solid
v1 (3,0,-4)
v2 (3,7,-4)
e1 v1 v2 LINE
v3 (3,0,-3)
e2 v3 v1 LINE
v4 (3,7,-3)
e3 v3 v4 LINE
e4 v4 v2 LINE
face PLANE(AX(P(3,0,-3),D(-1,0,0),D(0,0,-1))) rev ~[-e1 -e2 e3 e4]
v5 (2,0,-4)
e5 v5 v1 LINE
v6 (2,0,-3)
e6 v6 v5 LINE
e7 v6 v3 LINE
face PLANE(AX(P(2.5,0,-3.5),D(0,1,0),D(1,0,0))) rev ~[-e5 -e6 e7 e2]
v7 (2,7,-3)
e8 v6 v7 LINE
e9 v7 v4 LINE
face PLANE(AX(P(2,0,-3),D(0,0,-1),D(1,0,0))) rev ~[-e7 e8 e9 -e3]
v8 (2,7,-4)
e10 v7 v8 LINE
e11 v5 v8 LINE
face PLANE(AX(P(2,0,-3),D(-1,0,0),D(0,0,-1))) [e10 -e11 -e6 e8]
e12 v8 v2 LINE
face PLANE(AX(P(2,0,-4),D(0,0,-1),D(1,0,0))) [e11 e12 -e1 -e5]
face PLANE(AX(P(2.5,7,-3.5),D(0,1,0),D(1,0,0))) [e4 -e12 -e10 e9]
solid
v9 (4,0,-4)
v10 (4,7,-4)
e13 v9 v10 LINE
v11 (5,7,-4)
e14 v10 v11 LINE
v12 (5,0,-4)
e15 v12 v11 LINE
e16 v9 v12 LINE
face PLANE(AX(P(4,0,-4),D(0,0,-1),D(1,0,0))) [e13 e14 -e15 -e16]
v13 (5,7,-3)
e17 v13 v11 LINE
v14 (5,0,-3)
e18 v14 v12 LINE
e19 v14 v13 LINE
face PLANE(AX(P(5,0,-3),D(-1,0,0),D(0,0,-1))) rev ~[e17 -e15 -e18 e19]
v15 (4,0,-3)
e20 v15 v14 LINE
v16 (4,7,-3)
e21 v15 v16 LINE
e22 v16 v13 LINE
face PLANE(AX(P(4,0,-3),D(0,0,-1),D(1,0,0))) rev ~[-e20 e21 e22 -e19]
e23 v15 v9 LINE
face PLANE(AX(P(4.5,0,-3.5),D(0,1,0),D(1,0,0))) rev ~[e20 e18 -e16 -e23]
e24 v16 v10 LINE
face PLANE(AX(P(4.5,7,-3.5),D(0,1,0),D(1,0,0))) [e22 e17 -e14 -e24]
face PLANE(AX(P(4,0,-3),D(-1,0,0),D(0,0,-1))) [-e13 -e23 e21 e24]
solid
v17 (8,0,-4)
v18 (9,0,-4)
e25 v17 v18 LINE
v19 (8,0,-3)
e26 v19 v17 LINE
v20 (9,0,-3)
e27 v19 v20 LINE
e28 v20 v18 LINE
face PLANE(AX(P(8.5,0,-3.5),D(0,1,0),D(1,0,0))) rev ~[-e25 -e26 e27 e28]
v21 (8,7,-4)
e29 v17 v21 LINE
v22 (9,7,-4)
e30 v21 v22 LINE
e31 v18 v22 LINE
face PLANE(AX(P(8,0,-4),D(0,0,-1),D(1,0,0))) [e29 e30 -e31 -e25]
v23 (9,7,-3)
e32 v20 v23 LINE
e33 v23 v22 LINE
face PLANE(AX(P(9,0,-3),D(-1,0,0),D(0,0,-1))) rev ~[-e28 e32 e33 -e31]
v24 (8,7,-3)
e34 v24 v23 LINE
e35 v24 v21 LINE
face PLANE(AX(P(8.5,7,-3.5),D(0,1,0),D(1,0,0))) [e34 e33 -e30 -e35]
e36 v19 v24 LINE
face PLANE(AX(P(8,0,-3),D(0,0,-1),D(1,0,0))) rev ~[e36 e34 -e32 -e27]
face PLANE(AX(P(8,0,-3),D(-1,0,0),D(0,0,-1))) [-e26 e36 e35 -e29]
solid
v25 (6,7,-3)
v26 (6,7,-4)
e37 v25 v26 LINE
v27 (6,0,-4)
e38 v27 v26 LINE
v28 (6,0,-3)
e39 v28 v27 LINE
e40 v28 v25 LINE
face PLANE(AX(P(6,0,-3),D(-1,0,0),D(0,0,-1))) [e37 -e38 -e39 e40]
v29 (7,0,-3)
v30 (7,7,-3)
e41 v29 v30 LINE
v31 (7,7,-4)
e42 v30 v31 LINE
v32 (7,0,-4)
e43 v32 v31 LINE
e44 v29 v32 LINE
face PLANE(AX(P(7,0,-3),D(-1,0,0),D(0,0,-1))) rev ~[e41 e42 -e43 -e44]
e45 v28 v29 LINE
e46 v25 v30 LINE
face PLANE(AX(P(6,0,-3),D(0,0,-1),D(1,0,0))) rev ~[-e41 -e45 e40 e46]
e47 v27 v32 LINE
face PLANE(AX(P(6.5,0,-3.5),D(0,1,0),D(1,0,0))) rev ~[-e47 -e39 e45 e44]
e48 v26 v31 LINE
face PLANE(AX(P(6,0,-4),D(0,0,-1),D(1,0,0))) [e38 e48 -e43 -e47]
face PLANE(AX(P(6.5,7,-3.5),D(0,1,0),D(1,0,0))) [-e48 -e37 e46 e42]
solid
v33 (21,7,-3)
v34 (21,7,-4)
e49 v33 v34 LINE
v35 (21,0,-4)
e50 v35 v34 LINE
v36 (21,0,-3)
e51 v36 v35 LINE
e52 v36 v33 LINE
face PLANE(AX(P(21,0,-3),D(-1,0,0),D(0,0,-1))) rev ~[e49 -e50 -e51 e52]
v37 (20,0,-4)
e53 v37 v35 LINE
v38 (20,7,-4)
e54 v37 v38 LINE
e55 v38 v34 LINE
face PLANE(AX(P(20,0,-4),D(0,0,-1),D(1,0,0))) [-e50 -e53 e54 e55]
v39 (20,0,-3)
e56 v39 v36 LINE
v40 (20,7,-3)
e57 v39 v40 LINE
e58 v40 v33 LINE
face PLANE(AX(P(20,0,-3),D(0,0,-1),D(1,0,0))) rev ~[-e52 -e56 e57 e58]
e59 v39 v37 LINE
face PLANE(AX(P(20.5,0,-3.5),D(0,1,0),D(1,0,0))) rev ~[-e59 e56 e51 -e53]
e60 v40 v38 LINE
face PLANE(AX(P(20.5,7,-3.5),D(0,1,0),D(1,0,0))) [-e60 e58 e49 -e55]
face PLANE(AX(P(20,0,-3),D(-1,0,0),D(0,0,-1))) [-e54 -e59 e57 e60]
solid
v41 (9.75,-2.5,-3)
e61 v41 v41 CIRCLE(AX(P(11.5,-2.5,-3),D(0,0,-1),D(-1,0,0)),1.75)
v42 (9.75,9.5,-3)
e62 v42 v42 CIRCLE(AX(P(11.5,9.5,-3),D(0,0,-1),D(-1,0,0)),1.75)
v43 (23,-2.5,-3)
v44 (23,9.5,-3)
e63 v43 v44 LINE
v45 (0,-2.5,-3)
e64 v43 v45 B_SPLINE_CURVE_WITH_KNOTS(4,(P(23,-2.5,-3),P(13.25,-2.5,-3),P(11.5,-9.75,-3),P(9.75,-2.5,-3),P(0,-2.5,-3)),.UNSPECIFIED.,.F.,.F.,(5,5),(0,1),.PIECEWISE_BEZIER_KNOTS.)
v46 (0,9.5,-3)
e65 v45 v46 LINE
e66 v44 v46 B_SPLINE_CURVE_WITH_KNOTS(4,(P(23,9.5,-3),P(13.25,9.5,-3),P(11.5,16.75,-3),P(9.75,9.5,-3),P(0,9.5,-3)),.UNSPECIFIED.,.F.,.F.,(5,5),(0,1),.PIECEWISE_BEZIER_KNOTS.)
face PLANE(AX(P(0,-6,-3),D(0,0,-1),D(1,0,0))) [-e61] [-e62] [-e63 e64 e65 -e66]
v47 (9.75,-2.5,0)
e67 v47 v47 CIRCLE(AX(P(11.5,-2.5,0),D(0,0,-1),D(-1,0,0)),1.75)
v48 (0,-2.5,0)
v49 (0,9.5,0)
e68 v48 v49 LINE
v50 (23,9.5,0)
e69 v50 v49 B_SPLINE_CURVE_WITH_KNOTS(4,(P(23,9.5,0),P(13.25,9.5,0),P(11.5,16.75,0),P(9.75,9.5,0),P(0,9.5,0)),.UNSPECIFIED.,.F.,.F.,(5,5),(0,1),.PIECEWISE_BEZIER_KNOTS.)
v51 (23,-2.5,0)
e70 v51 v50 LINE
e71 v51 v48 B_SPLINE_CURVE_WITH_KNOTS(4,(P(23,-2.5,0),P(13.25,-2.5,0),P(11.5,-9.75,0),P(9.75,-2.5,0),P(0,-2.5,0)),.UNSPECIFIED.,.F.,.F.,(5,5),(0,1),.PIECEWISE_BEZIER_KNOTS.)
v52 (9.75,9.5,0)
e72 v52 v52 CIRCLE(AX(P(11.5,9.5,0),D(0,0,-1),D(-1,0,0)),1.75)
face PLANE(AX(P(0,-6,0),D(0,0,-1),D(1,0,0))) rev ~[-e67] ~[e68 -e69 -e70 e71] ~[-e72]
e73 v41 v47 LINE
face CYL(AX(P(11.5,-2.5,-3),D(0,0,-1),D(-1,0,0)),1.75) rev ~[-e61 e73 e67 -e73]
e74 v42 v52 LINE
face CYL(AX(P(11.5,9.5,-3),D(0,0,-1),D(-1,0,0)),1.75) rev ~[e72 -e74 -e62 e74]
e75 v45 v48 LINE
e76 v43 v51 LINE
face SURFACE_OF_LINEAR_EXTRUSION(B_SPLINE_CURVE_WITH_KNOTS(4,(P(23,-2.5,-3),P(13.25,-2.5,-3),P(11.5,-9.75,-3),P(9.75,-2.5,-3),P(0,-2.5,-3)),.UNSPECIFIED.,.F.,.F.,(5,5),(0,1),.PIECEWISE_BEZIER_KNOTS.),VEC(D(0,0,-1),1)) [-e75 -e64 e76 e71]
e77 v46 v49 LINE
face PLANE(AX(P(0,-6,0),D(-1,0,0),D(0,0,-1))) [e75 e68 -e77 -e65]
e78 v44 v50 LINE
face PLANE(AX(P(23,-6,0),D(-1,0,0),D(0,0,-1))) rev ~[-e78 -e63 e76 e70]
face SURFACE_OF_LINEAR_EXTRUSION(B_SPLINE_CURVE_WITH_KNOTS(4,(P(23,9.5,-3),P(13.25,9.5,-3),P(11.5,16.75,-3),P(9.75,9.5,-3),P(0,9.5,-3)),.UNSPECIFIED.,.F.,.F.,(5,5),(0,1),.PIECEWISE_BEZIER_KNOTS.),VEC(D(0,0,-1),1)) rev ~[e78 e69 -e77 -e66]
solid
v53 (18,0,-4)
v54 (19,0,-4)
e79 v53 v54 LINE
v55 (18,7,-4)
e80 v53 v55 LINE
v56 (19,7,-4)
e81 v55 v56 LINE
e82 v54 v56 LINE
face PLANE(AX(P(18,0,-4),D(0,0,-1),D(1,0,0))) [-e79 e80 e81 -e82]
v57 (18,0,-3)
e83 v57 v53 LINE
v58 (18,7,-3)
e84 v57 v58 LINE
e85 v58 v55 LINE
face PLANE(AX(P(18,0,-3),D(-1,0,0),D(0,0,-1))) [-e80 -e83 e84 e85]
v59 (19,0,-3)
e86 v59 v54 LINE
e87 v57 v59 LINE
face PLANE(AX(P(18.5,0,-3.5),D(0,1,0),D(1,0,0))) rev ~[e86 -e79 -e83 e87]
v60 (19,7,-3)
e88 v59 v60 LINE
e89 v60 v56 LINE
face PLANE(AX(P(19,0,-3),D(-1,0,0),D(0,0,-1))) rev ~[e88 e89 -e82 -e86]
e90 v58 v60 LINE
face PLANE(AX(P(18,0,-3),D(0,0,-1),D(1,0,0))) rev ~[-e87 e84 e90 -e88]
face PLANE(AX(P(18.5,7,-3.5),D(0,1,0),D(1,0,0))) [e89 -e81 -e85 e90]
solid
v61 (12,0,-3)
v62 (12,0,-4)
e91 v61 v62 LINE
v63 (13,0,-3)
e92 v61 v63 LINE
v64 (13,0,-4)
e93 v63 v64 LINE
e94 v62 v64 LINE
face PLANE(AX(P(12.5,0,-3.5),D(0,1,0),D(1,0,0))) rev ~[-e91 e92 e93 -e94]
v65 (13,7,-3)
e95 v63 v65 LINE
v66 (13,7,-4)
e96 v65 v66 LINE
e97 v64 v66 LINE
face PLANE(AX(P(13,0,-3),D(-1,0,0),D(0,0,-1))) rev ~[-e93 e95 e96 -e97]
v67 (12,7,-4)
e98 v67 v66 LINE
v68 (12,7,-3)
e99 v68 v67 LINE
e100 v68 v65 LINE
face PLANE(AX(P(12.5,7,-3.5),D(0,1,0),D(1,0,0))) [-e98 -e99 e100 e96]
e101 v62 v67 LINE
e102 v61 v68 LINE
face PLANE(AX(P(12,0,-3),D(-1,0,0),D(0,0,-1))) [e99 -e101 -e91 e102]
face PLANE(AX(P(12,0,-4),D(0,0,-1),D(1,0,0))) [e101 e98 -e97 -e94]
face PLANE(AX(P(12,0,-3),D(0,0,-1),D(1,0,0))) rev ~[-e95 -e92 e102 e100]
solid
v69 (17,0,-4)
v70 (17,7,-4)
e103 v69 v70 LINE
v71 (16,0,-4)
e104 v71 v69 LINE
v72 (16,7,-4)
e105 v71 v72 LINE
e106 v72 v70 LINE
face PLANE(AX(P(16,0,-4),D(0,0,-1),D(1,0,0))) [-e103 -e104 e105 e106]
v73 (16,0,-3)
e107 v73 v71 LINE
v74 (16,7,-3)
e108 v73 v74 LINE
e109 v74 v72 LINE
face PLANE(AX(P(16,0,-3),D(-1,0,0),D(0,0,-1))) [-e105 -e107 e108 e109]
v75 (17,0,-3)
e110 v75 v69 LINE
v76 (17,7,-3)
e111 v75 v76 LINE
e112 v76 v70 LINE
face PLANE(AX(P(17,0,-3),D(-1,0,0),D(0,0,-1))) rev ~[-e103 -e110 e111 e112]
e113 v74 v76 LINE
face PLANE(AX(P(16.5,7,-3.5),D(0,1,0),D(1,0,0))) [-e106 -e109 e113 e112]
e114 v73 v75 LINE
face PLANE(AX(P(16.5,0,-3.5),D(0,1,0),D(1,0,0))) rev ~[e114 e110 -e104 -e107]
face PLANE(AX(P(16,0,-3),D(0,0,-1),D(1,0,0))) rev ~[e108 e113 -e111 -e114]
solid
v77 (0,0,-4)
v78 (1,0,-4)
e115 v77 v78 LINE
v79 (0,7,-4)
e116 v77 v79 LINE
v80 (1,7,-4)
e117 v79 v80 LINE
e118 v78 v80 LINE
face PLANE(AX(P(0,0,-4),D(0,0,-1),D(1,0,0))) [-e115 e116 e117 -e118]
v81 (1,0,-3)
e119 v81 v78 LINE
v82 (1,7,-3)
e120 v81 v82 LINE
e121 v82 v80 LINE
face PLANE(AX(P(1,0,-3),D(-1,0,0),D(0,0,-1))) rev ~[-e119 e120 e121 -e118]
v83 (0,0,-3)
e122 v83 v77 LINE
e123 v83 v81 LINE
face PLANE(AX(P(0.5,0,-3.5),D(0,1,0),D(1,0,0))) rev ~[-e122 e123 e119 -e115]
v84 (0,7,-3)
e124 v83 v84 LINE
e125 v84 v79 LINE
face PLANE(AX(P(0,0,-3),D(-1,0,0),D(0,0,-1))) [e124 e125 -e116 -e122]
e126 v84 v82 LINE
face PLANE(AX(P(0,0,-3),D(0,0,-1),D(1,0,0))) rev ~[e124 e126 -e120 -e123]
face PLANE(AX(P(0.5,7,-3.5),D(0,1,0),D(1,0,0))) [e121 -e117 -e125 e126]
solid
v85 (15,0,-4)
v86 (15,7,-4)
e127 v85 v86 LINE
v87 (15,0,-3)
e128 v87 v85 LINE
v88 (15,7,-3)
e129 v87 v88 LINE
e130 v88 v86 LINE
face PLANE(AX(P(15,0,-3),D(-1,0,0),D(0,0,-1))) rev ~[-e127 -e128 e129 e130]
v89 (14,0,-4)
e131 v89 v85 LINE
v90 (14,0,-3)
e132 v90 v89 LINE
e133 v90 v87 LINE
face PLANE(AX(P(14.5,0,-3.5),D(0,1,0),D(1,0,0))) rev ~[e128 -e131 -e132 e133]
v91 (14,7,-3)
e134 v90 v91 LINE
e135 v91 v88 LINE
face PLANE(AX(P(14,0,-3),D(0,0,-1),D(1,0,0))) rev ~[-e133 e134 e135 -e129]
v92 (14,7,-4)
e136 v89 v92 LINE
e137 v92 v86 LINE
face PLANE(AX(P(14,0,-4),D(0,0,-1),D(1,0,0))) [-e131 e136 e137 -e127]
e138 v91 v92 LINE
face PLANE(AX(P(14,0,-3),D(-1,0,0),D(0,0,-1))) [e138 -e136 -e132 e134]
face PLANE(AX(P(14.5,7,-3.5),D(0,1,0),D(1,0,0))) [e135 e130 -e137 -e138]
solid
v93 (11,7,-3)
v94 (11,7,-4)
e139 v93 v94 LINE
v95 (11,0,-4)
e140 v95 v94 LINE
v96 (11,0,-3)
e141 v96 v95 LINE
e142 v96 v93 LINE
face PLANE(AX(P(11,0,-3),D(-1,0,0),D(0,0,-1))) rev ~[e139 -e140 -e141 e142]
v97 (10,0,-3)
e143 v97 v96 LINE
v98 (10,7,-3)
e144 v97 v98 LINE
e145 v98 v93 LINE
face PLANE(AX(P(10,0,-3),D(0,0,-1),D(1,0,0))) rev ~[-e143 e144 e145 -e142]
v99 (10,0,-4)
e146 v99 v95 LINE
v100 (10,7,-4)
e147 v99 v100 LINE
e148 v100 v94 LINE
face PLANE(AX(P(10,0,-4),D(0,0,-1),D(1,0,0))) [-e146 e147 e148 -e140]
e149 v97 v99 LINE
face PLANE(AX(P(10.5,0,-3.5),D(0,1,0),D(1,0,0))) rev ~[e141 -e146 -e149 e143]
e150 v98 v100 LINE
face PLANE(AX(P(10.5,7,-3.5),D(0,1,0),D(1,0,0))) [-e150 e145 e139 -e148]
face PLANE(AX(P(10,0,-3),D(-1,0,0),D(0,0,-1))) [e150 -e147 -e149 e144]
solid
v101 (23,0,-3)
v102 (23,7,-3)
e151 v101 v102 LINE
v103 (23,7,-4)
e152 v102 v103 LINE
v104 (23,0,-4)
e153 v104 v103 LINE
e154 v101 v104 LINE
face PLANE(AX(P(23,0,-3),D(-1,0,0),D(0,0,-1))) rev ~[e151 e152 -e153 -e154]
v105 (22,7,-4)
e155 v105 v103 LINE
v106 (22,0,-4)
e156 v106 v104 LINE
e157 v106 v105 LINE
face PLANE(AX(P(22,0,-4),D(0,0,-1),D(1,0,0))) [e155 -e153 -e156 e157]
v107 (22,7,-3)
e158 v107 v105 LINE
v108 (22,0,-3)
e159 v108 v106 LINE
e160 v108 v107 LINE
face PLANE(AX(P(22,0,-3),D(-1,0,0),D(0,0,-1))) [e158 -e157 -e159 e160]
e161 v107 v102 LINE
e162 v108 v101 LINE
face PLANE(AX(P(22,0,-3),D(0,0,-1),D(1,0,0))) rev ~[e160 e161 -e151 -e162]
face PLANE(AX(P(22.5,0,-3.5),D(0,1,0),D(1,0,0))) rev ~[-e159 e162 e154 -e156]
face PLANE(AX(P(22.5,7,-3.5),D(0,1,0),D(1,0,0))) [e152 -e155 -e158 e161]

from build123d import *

# Parameters (mm, degrees)
ESQUISSE2_W             = 1
ESQUISSE2_H             = 1
BOSS_EXTRU_1_DEPTH      = 7
BOSS_EXTRU_1_2_DEPTH    = 7
BOSS_EXTRU_1_3_DEPTH    = 7
BOSS_EXTRU_1_4_DEPTH    = 7
BOSS_EXTRU_1_5_DEPTH    = 7
BOSS_EXTRU_1_6_DEPTH    = 7
BOSS_EXTRU_1_7_DEPTH    = 7
BOSS_EXTRU_1_8_DEPTH    = 7
BOSS_EXTRU_1_9_DEPTH    = 7
BOSS_EXTRU_1_10_DEPTH   = 7
BOSS_EXTRU_1_11_DEPTH   = 7
BOSS_EXTRU_1_12_DEPTH   = 7
BOSS_EXTRU_2_DEPTH      = 6
BOSS_EXTRU_2_DEPTH_BACK = 13
ESQUISSE3_W             = 23
ESQUISSE3_H             = 3
ESQUISSE4_R             = 1.75
ENL_V_MAT_EXTRU_1_DEPTH = 3


with BuildPart() as part:
    # Esquisse2 → Boss.-Extru.1 (new body)
    with BuildSketch(Plane(origin=(0, 0, 0), x_dir=(1, 0, 0), z_dir=(0, 1, 0))):
        with Locations((0.5, 3.5)):
            Rectangle(ESQUISSE2_W, ESQUISSE2_H)
    extrude(amount=BOSS_EXTRU_1_DEPTH)


with BuildPart() as body_2:
    # Esquisse2 → Boss.-Extru.1 2 (new body)
    with BuildSketch(Plane(origin=(0, 0, 0), x_dir=(1, 0, 0), z_dir=(0, 1, 0))):
        with Locations((4.5, 3.5)):
            Rectangle(ESQUISSE2_W, ESQUISSE2_H)
    extrude(amount=BOSS_EXTRU_1_2_DEPTH)


with BuildPart() as body_3:
    # Esquisse2 → Boss.-Extru.1 3 (new body)
    with BuildSketch(Plane(origin=(0, 0, 0), x_dir=(1, 0, 0), z_dir=(0, 1, 0))):
        with Locations((6.5, 3.5)):
            Rectangle(ESQUISSE2_W, ESQUISSE2_H)
    extrude(amount=BOSS_EXTRU_1_3_DEPTH)


with BuildPart() as body_4:
    # Esquisse2 → Boss.-Extru.1 4 (new body)
    with BuildSketch(Plane(origin=(0, 0, 0), x_dir=(1, 0, 0), z_dir=(0, 1, 0))):
        with Locations((8.5, 3.5)):
            Rectangle(ESQUISSE2_W, ESQUISSE2_H)
    extrude(amount=BOSS_EXTRU_1_4_DEPTH)


with BuildPart() as body_5:
    # Esquisse2 → Boss.-Extru.1 5 (new body)
    with BuildSketch(Plane(origin=(0, 0, 0), x_dir=(1, 0, 0), z_dir=(0, 1, 0))):
        with Locations((10.5, 3.5)):
            Rectangle(ESQUISSE2_W, ESQUISSE2_H)
    extrude(amount=BOSS_EXTRU_1_5_DEPTH)


with BuildPart() as body_6:
    # Esquisse2 → Boss.-Extru.1 6 (new body)
    with BuildSketch(Plane(origin=(0, 0, 0), x_dir=(1, 0, 0), z_dir=(0, 1, 0))):
        with Locations((12.5, 3.5)):
            Rectangle(ESQUISSE2_W, ESQUISSE2_H)
    extrude(amount=BOSS_EXTRU_1_6_DEPTH)


with BuildPart() as body_7:
    # Esquisse2 → Boss.-Extru.1 7 (new body)
    with BuildSketch(Plane(origin=(0, 0, 0), x_dir=(1, 0, 0), z_dir=(0, 1, 0))):
        with Locations((14.5, 3.5)):
            Rectangle(ESQUISSE2_W, ESQUISSE2_H)
    extrude(amount=BOSS_EXTRU_1_7_DEPTH)


with BuildPart() as body_8:
    # Esquisse2 → Boss.-Extru.1 8 (new body)
    with BuildSketch(Plane(origin=(0, 0, 0), x_dir=(1, 0, 0), z_dir=(0, 1, 0))):
        with Locations((16.5, 3.5)):
            Rectangle(ESQUISSE2_W, ESQUISSE2_H)
    extrude(amount=BOSS_EXTRU_1_8_DEPTH)


with BuildPart() as body_9:
    # Esquisse2 → Boss.-Extru.1 9 (new body)
    with BuildSketch(Plane(origin=(0, 0, 0), x_dir=(1, 0, 0), z_dir=(0, 1, 0))):
        with Locations((18.5, 3.5)):
            Rectangle(ESQUISSE2_W, ESQUISSE2_H)
    extrude(amount=BOSS_EXTRU_1_9_DEPTH)


with BuildPart() as body_10:
    # Esquisse2 → Boss.-Extru.1 10 (new body)
    with BuildSketch(Plane(origin=(0, 0, 0), x_dir=(1, 0, 0), z_dir=(0, 1, 0))):
        with Locations((20.5, 3.5)):
            Rectangle(ESQUISSE2_W, ESQUISSE2_H)
    extrude(amount=BOSS_EXTRU_1_10_DEPTH)


with BuildPart() as body_11:
    # Esquisse2 → Boss.-Extru.1 11 (new body)
    with BuildSketch(Plane(origin=(0, 0, 0), x_dir=(1, 0, 0), z_dir=(0, 1, 0))):
        with Locations((22.5, 3.5)):
            Rectangle(ESQUISSE2_W, ESQUISSE2_H)
    extrude(amount=BOSS_EXTRU_1_11_DEPTH)


with BuildPart() as body_12:
    # Esquisse2 → Boss.-Extru.1 12 (new body)
    with BuildSketch(Plane(origin=(0, 0, 0), x_dir=(1, 0, 0), z_dir=(0, 1, 0))):
        with Locations((2.5, 3.5)):
            Rectangle(ESQUISSE2_W, ESQUISSE2_H)
    extrude(amount=BOSS_EXTRU_1_12_DEPTH)


with BuildPart() as body_13:
    # Esquisse3 → Boss.-Extru.2 (new, two sides: drawn at the far end of the back side and taken through both)
    with BuildSketch(Plane(origin=(0, 7, 0), x_dir=(1, 0, 0), z_dir=(0, 1, 0)).offset(-BOSS_EXTRU_2_DEPTH_BACK)):
        with Locations((11.5, 1.5)):
            Rectangle(ESQUISSE3_W, ESQUISSE3_H)
    extrude(amount=BOSS_EXTRU_2_DEPTH + BOSS_EXTRU_2_DEPTH_BACK)

    # Esquisse4 → Enlèv. mat.-Extru.1 (cut)
    with BuildSketch(Plane(origin=(0, 0, -3), x_dir=(-1, 0, 0), z_dir=(0, 0, -1))):
        with Locations((-11.5, -2.5)):
            Circle(ESQUISSE4_R)
        with Locations((-11.5, 9.5)):
            Circle(ESQUISSE4_R)
        with BuildLine():
            Line((-23, 9.5), (-23, 13))
            Line((-23, 13), (0, 13))
            Line((0, 13), (0, 9.5))
            add(Edge.make_bspline(
                [(-23, 9.5), (-13.25, 9.5), (-11.5, 16.75), (-9.75, 9.5), (0, 9.5)],
                knots=[0, 0, 0, 0, 0, 1, 1, 1, 1, 1], degree=4))
        make_face()
        with BuildLine():
            Line((-23, -6), (0, -6))
            Line((0, -6), (0, -2.5))
            add(Edge.make_bspline(
                [(-23, -2.5), (-13.25, -2.5), (-11.5, -9.75), (-9.75, -2.5), (0, -2.5)],
                knots=[0, 0, 0, 0, 0, 1, 1, 1, 1, 1], degree=4))
            Line((-23, -2.5), (-23, -6))
        make_face()
    extrude(amount=-ENL_V_MAT_EXTRU_1_DEPTH, mode=Mode.SUBTRACT)


solid = Compound([part.part, body_2.part, body_3.part, body_4.part, body_5.part, body_6.part, body_7.part, body_8.part, body_9.part, body_10.part, body_11.part, body_12.part, body_13.part])
